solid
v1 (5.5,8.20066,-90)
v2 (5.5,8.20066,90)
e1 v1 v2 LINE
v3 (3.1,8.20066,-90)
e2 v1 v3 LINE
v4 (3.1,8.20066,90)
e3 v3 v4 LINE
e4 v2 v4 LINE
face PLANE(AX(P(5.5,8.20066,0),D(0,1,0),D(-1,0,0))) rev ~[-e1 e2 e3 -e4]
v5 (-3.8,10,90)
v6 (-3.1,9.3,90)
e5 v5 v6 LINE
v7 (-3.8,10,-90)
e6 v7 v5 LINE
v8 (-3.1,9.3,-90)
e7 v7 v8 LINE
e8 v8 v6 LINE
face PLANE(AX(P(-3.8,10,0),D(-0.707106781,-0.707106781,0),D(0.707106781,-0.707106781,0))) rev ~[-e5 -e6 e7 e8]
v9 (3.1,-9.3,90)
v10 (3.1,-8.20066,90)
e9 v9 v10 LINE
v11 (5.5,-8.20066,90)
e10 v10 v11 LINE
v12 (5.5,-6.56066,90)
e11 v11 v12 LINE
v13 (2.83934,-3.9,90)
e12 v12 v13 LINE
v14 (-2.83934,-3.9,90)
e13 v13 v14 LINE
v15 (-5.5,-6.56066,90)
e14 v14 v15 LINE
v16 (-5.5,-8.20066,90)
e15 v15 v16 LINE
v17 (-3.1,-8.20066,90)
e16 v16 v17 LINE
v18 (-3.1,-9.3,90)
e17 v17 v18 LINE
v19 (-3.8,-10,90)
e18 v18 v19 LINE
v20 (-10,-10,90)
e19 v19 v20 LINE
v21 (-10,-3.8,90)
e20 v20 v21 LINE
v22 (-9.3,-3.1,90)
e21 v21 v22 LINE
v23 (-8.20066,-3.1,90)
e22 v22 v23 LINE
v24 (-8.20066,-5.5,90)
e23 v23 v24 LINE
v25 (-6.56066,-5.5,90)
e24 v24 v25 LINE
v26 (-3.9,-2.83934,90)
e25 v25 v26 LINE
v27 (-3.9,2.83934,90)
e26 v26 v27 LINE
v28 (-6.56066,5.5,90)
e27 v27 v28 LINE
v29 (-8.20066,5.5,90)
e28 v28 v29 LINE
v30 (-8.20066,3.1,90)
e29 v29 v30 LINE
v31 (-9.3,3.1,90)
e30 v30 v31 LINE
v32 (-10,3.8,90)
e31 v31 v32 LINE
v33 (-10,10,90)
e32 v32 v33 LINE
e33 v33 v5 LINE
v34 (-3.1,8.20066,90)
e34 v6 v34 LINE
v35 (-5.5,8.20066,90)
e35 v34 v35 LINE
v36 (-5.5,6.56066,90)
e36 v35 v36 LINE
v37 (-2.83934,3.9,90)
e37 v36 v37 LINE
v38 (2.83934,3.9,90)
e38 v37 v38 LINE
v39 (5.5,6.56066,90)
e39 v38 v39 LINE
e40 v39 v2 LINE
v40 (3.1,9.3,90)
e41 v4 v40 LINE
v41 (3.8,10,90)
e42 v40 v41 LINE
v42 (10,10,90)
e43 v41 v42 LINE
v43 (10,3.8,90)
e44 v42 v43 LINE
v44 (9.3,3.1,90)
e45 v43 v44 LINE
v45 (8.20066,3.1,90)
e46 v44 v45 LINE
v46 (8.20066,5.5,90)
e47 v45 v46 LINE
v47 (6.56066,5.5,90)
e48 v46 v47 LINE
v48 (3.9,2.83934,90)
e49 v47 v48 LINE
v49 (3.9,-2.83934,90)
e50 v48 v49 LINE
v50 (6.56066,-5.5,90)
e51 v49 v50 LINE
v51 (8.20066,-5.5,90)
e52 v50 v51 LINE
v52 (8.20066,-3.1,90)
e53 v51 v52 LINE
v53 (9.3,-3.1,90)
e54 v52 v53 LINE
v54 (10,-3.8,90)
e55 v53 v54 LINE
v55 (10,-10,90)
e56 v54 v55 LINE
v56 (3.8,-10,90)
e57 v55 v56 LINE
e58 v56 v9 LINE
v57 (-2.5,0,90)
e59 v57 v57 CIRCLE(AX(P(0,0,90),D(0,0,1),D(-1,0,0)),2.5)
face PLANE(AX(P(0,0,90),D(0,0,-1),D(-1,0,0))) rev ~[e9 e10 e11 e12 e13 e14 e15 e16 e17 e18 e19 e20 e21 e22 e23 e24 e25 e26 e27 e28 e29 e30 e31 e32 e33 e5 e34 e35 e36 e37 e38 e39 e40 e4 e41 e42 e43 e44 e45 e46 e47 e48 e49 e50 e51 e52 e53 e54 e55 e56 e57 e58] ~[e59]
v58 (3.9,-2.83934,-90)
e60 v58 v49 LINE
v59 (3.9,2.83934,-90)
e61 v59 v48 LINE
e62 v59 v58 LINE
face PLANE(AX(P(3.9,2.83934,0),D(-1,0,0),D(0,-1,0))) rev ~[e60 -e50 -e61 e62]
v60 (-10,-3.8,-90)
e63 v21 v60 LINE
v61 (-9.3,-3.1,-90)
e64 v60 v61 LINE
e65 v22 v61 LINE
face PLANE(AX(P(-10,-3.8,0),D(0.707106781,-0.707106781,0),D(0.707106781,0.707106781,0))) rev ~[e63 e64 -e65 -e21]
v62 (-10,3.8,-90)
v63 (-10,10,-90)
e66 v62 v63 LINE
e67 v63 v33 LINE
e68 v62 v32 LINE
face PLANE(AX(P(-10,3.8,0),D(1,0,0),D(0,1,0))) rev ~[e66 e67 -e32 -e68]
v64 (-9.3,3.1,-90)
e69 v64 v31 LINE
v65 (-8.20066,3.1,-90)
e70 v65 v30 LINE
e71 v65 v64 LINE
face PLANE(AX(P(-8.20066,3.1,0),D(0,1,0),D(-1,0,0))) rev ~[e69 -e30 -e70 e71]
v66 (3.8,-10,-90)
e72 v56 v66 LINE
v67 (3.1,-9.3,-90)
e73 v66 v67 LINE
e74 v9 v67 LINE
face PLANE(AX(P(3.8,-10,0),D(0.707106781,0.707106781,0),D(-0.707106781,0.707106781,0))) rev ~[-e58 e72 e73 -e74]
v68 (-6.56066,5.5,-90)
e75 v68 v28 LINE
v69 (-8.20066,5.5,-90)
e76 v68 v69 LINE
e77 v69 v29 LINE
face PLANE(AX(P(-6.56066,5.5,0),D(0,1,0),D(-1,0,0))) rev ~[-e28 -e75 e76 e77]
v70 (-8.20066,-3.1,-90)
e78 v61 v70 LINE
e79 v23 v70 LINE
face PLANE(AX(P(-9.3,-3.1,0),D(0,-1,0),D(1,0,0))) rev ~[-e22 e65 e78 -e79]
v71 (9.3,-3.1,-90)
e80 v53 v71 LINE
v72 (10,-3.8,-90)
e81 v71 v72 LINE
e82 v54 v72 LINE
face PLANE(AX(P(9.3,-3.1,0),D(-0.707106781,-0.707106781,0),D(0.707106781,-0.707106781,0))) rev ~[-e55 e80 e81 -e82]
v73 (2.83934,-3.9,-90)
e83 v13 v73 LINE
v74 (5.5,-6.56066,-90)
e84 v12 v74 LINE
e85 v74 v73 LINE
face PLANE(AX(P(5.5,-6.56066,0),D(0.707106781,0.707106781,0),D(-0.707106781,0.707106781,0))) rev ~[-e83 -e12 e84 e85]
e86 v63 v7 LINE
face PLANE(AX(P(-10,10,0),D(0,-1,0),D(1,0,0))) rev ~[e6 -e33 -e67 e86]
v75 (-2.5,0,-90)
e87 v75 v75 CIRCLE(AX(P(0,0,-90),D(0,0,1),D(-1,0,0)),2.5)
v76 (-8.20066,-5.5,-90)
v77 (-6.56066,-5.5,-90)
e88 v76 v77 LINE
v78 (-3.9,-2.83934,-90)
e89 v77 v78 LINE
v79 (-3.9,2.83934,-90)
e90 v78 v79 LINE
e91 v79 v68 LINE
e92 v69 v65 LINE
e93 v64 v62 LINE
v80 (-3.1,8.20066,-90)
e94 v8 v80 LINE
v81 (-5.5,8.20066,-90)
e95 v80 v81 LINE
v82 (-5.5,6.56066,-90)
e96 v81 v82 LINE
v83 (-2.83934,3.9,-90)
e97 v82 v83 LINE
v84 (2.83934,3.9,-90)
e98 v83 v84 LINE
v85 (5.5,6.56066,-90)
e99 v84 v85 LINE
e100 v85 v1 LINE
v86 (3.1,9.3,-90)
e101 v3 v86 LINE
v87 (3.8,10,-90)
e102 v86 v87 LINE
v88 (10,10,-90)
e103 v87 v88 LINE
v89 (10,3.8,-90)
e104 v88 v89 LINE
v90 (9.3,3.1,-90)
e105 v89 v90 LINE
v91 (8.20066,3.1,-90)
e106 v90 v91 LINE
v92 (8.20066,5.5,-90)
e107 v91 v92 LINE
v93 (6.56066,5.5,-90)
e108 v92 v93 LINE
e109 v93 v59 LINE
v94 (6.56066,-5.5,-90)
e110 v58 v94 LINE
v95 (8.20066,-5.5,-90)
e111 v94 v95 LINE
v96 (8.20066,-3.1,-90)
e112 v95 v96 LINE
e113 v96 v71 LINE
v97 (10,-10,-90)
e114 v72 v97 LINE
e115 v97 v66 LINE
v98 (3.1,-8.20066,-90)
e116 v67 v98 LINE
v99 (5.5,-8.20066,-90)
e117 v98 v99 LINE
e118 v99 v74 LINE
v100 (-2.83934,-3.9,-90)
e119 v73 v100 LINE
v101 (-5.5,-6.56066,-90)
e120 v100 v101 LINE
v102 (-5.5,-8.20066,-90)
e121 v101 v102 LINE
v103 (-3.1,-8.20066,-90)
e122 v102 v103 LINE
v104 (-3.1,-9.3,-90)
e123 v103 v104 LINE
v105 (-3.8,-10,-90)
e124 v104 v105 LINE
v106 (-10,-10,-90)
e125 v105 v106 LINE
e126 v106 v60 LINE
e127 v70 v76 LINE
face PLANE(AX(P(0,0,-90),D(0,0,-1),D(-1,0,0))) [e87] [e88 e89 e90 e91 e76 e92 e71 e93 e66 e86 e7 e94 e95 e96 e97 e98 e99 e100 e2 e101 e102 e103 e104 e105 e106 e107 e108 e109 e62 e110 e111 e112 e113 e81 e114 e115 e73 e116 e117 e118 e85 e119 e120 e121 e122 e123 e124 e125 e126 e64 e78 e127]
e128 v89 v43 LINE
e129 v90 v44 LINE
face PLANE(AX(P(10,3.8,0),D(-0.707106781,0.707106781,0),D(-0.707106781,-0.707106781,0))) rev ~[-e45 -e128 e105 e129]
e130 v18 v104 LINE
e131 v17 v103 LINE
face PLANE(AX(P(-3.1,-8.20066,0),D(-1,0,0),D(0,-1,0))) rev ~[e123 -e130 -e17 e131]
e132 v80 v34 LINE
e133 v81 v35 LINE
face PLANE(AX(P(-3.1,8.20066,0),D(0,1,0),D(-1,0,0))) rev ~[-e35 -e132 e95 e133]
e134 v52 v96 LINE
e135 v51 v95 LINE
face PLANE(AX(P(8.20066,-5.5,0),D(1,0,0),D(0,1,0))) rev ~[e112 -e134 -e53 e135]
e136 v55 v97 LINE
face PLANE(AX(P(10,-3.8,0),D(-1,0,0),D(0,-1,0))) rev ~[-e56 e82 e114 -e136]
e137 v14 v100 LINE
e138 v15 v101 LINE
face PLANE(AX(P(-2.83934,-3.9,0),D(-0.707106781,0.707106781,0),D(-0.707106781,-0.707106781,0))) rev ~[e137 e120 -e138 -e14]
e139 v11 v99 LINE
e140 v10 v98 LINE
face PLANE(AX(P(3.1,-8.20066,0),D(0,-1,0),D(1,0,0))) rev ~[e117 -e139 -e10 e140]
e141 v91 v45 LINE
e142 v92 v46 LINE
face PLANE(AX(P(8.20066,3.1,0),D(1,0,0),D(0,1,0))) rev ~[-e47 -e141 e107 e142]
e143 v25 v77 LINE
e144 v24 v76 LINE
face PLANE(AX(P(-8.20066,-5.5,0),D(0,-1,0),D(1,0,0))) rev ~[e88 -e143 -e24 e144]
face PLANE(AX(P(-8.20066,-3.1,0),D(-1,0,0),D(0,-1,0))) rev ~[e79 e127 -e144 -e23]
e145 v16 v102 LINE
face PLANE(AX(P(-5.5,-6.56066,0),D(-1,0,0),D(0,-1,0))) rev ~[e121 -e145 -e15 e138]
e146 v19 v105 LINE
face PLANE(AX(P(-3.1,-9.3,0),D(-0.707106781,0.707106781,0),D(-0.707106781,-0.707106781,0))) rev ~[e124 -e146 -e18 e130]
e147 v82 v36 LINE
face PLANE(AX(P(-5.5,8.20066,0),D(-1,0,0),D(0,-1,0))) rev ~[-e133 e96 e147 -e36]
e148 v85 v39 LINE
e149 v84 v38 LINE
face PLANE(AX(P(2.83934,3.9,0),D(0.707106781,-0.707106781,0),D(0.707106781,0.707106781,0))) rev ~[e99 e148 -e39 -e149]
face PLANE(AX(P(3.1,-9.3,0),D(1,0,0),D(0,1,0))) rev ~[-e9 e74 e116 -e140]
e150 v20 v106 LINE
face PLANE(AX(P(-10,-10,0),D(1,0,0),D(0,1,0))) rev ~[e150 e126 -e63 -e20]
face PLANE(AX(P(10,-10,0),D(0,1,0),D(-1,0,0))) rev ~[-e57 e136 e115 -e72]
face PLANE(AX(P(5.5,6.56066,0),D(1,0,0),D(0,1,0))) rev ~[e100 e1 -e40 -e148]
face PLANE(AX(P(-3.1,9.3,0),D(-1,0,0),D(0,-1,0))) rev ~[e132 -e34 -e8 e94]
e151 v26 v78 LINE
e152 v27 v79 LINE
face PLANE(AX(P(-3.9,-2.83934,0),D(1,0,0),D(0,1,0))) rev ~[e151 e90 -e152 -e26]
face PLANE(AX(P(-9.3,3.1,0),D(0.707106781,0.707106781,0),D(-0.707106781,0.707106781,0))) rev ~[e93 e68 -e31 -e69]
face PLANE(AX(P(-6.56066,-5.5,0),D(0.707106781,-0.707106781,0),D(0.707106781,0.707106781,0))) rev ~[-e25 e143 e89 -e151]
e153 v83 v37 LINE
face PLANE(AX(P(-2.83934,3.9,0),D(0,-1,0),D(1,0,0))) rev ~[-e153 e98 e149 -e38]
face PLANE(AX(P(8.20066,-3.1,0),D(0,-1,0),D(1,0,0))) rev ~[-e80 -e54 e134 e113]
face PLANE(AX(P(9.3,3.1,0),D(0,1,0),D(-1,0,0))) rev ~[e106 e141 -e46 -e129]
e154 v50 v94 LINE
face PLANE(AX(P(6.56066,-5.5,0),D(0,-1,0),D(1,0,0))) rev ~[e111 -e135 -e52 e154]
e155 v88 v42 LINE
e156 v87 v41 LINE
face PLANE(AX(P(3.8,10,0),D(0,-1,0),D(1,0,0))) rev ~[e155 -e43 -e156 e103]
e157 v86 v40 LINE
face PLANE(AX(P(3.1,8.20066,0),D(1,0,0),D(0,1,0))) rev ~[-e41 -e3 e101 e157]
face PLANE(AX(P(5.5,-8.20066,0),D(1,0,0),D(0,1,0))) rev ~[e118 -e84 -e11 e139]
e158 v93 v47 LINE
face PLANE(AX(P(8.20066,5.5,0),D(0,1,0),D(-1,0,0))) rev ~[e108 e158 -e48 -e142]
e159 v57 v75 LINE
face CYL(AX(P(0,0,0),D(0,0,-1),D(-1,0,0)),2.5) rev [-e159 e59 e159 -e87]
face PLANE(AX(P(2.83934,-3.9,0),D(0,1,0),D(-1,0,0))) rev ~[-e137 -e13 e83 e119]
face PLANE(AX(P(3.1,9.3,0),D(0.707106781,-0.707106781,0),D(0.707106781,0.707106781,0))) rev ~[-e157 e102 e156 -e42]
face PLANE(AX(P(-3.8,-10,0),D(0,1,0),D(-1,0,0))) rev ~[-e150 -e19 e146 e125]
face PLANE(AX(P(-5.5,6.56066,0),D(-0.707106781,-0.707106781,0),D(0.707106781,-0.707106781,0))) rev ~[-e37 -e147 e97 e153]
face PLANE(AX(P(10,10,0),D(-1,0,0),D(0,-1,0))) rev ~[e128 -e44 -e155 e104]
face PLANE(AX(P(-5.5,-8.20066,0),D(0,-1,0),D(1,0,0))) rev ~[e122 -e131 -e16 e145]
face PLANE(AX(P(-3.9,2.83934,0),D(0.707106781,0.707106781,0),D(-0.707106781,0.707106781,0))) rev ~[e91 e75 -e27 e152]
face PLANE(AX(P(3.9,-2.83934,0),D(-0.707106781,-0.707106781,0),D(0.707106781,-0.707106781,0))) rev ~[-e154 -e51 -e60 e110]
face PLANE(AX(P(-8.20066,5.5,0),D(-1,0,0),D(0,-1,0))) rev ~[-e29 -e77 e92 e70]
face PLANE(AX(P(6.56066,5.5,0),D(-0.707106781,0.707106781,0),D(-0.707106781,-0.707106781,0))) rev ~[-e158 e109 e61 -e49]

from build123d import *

# Parameters (mm, degrees)
SKETCH1_R           = 2.5
BOSS_EXTRUDE1_DEPTH = 90


with BuildPart() as part:
    # Sketch1 → Boss-Extrude1 (new, symmetric)
    with BuildSketch(Plane.XY):
        Polygon((3.9, -2.839339828), (6.560660172, -5.5), (8.200660172, -5.5), (8.200660172, -3.1), (9.3, -3.1), (10, -3.8), (10, -10), (3.8, -10), (3.1, -9.3), (3.1, -8.200660172), (5.5, -8.200660172), (5.5, -6.560660172), (2.839339828, -3.9), (-2.839339828, -3.9), (-5.5, -6.560660172), (-5.5, -8.200660172), (-3.1, -8.200660172), (-3.1, -9.3), (-3.8, -10), (-10, -10), (-10, -3.8), (-9.3, -3.1), (-8.200660172, -3.1), (-8.200660172, -5.5), (-6.560660172, -5.5), (-3.9, -2.839339828), (-3.9, 2.839339828), (-6.560660172, 5.5), (-8.200660172, 5.5), (-8.200660172, 3.1), (-9.3, 3.1), (-10, 3.8), (-10, 10), (-3.8, 10), (-3.1, 9.3), (-3.1, 8.200660172), (-5.5, 8.200660172), (-5.5, 6.560660172), (-2.839339828, 3.9), (2.839339828, 3.9), (5.5, 6.560660172), (5.5, 8.200660172), (3.1, 8.200660172), (3.1, 9.3), (3.8, 10), (10, 10), (10, 3.8), (9.3, 3.1), (8.200660172, 3.1), (8.200660172, 5.5), (6.560660172, 5.5), (3.9, 2.839339828), align=None)
        with Locations(Location((0, 0, 0), (0, 0, 180))):
            Circle(SKETCH1_R, mode=Mode.SUBTRACT)
    extrude(amount=BOSS_EXTRUDE1_DEPTH, both=True)


solid = part.part
